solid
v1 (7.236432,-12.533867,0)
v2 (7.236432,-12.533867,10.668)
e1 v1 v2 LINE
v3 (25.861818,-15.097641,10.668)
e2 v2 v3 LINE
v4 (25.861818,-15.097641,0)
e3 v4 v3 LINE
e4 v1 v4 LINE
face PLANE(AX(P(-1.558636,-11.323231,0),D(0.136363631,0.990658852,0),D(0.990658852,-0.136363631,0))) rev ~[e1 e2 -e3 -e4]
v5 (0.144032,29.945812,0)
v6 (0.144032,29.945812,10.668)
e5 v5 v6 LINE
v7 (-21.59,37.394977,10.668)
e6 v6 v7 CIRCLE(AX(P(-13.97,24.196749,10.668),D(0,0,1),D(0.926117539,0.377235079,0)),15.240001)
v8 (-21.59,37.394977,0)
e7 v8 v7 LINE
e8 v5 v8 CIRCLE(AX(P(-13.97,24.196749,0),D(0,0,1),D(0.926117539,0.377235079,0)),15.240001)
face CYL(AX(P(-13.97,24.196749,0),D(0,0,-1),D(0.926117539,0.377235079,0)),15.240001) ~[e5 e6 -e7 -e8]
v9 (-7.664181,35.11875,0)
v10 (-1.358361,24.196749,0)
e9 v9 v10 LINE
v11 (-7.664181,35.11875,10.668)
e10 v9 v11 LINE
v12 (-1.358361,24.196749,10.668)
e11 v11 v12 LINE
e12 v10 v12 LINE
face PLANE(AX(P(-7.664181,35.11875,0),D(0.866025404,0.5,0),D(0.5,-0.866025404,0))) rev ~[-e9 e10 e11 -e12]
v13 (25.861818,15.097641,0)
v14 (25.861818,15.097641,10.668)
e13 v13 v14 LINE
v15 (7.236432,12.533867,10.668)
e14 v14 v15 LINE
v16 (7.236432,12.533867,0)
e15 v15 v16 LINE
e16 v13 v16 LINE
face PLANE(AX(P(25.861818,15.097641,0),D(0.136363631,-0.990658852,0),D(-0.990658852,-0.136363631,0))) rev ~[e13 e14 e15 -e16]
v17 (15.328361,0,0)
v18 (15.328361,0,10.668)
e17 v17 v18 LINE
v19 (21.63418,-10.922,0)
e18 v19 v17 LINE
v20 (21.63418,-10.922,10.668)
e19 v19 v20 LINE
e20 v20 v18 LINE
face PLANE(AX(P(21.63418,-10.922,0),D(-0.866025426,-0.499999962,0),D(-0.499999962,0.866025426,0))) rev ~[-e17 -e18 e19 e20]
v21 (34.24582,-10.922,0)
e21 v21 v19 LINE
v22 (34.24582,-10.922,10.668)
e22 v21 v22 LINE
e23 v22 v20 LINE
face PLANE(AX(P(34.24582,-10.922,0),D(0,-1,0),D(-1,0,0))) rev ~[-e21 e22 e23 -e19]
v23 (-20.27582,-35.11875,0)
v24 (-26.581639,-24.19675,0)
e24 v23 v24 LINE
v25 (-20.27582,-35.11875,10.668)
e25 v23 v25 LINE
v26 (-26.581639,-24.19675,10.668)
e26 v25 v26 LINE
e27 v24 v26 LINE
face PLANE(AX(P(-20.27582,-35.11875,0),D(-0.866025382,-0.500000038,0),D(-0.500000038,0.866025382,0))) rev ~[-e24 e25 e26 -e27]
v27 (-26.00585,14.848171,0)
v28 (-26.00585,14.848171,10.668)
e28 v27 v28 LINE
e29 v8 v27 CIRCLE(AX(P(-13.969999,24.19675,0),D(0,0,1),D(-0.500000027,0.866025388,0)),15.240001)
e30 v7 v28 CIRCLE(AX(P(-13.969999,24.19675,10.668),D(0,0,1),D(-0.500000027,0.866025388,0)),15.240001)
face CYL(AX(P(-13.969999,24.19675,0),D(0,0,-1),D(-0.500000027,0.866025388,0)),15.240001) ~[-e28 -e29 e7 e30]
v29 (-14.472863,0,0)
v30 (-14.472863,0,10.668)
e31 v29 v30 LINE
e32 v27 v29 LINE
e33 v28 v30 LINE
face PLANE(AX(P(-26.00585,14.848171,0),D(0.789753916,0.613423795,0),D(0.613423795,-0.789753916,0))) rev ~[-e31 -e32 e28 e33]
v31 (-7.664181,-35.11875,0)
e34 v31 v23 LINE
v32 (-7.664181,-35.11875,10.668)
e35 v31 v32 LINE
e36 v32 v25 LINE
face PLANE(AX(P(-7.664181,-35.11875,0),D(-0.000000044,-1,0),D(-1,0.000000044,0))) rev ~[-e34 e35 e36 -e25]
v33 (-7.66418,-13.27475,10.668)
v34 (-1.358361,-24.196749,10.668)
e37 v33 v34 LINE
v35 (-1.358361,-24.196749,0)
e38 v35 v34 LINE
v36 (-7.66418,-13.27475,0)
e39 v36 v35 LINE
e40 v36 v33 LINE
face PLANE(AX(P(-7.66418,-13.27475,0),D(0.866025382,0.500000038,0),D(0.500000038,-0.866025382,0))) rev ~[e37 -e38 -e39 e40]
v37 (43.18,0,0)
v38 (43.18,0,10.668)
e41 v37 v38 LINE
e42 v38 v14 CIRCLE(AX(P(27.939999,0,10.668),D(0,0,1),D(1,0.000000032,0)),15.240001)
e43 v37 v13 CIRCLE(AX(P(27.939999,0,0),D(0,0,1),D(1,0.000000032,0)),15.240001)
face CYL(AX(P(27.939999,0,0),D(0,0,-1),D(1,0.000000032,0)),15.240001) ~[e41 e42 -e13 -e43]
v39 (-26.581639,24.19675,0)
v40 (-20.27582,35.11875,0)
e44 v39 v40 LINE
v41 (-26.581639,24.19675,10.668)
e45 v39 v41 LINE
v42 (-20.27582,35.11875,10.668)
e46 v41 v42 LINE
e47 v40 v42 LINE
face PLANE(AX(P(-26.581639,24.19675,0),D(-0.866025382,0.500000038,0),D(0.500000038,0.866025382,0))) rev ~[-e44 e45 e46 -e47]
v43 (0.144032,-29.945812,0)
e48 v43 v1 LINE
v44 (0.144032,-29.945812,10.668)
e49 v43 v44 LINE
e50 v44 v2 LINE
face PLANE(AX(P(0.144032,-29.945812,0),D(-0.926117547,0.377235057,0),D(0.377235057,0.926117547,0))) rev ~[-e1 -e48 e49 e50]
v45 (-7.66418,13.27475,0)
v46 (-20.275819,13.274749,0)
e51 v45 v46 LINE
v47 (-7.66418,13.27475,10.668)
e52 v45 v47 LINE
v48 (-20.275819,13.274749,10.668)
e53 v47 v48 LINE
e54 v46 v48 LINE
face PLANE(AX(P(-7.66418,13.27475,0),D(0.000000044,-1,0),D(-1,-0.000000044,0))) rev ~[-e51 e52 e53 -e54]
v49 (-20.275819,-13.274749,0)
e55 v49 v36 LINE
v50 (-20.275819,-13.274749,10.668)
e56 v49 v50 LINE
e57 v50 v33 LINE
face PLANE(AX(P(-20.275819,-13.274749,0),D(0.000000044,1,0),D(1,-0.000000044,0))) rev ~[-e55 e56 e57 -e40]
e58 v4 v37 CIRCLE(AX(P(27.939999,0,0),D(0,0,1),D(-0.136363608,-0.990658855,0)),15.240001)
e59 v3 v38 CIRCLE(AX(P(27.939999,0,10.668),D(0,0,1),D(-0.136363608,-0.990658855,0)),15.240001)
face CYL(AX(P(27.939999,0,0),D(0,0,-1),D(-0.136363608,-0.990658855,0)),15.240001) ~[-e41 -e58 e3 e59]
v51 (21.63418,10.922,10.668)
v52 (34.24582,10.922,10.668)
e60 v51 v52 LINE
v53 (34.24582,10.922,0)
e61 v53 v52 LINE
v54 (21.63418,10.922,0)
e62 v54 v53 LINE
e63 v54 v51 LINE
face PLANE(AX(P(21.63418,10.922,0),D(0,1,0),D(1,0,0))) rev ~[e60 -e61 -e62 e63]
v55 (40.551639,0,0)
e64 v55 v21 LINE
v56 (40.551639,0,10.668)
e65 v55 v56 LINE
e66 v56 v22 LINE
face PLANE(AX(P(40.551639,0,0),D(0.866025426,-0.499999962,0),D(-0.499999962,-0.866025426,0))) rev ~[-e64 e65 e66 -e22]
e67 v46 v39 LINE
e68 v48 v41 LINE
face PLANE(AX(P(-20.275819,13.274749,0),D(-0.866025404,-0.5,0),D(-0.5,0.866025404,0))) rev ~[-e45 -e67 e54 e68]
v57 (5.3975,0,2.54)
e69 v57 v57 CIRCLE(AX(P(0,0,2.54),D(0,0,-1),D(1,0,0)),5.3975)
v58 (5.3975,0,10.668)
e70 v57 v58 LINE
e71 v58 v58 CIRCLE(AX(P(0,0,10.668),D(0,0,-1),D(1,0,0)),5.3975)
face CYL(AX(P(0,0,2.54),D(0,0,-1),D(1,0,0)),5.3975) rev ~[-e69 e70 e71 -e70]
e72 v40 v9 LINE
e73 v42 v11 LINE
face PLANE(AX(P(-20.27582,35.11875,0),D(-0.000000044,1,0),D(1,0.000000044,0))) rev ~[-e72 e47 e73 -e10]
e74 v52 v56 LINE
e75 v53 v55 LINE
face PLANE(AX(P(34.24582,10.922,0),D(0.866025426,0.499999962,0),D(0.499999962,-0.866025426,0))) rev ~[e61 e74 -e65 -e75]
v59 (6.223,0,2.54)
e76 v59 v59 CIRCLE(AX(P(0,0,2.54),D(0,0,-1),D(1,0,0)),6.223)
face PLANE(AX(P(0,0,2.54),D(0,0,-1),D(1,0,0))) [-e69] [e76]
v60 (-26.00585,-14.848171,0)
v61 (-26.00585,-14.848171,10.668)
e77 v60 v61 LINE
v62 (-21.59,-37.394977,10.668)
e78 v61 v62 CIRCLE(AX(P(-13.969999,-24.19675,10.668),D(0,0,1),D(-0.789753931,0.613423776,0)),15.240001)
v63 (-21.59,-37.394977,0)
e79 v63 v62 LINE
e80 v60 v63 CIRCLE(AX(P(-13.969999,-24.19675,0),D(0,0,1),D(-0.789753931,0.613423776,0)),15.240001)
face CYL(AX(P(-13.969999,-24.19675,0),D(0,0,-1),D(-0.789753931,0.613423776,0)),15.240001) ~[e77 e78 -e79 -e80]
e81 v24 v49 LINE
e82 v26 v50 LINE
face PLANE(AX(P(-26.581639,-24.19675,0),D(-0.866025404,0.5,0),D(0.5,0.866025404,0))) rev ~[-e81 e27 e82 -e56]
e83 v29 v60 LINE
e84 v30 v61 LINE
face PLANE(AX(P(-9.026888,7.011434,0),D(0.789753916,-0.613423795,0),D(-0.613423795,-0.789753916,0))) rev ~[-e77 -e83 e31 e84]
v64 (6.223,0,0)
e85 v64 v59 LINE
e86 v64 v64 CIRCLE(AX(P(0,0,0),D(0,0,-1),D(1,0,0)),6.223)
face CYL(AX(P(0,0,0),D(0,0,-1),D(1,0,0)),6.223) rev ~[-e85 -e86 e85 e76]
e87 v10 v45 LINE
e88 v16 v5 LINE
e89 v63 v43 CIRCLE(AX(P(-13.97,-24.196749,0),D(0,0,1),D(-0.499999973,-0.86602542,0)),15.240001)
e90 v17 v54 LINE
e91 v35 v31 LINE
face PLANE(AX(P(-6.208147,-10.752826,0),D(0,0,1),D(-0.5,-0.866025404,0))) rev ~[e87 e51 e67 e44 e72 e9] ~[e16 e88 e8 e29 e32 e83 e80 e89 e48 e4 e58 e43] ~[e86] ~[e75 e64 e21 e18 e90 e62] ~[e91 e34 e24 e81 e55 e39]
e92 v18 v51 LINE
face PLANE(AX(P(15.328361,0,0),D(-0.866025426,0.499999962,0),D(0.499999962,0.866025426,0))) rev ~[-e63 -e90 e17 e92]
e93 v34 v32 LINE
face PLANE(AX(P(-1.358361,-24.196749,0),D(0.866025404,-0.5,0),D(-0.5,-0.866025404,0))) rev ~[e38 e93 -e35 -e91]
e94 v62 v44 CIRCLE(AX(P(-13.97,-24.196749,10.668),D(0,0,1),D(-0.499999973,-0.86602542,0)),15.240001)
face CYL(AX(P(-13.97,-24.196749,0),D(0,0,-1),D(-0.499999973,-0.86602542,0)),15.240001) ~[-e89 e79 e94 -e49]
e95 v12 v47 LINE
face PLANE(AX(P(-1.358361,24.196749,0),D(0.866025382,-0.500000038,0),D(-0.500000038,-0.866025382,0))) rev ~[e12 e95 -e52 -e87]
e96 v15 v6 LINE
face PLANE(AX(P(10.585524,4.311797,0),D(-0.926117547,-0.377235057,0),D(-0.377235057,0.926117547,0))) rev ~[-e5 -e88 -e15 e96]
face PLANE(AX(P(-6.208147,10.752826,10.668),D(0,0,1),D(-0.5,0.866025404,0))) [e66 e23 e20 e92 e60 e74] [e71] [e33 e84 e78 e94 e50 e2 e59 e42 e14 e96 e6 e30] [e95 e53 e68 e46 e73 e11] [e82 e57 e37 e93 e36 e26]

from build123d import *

# Parameters (mm, degrees)
F1_DEPTH = 10.668
F3_COUNT = 3
F4_R     = 6.223
F5_DEPTH = 2.54
F6_R     = 5.3975
F7_DEPTH = 25.4


with BuildPart() as f1:
    # F0 (on Top) → F1 (new body)
    with BuildSketch(Plane.XY):
        with BuildLine():
            ThreePointArc((-1.558636, 11.323231), (7.510982, 8.615687), (11.43, 0))
            ThreePointArc((11.43, 0), (7.510982, -8.615687), (-1.558636, -11.323231))
            Line((-1.558636, -11.323231), (25.861818, -15.097641))
            ThreePointArc((25.861818, -15.097641), (12.7, 0), (25.861818, 15.097641))
            Line((25.861818, 15.097641), (-1.558636, 11.323231))
        make_face()
        with BuildLine():
            ThreePointArc((-1.558636, -11.323231), (7.510982, -8.615687), (11.43, 0))
            ThreePointArc((11.43, 0), (7.510982, 8.615687), (-1.558636, 11.323231))
            ThreePointArc((-1.558636, 11.323231), (-11.43, 0), (-1.558636, -11.323231))
        make_face()
        with BuildLine():
            ThreePointArc((43.18, 0), (37.954642, 11.487582), (25.861818, 15.097641))
            ThreePointArc((25.861818, 15.097641), (12.7, 0), (25.861818, -15.097641))
            ThreePointArc((25.861818, -15.097641), (37.954642, -11.487582), (43.18, 0))
        make_face()
        Polygon((40.551639, 0), (34.24582, -10.922), (21.63418, -10.922), (15.328361, 0), (21.63418, 10.922), (34.24582, 10.922), align=None, mode=Mode.SUBTRACT)
    extrude(amount=F1_DEPTH)

    # F3: F1 ×3 about axis
    f3_axis = Axis((0, 0, 10.668), (0, 0, -1))


with BuildPart() as f1_1:
    add(f1.part)
    for i in range(1, F3_COUNT):
        add(f1.part.rotate(f3_axis, i * 360 / F3_COUNT))

    # F4 (on face) → F5 (cut)
    with BuildSketch(Plane(origin=(0, 0, 0), x_dir=(1, 0, 0), z_dir=(0, 0, -1))):
        Circle(F4_R)
    extrude(amount=-F5_DEPTH, mode=Mode.SUBTRACT)

    # F6 (on face) → F7 (cut)
    with BuildSketch(Plane(origin=(0, 0, 2.54), x_dir=(1, 0, 0), z_dir=(0, 0, -1))):
        Circle(F6_R)
    extrude(amount=-F7_DEPTH, mode=Mode.SUBTRACT)


solid = f1_1.part
